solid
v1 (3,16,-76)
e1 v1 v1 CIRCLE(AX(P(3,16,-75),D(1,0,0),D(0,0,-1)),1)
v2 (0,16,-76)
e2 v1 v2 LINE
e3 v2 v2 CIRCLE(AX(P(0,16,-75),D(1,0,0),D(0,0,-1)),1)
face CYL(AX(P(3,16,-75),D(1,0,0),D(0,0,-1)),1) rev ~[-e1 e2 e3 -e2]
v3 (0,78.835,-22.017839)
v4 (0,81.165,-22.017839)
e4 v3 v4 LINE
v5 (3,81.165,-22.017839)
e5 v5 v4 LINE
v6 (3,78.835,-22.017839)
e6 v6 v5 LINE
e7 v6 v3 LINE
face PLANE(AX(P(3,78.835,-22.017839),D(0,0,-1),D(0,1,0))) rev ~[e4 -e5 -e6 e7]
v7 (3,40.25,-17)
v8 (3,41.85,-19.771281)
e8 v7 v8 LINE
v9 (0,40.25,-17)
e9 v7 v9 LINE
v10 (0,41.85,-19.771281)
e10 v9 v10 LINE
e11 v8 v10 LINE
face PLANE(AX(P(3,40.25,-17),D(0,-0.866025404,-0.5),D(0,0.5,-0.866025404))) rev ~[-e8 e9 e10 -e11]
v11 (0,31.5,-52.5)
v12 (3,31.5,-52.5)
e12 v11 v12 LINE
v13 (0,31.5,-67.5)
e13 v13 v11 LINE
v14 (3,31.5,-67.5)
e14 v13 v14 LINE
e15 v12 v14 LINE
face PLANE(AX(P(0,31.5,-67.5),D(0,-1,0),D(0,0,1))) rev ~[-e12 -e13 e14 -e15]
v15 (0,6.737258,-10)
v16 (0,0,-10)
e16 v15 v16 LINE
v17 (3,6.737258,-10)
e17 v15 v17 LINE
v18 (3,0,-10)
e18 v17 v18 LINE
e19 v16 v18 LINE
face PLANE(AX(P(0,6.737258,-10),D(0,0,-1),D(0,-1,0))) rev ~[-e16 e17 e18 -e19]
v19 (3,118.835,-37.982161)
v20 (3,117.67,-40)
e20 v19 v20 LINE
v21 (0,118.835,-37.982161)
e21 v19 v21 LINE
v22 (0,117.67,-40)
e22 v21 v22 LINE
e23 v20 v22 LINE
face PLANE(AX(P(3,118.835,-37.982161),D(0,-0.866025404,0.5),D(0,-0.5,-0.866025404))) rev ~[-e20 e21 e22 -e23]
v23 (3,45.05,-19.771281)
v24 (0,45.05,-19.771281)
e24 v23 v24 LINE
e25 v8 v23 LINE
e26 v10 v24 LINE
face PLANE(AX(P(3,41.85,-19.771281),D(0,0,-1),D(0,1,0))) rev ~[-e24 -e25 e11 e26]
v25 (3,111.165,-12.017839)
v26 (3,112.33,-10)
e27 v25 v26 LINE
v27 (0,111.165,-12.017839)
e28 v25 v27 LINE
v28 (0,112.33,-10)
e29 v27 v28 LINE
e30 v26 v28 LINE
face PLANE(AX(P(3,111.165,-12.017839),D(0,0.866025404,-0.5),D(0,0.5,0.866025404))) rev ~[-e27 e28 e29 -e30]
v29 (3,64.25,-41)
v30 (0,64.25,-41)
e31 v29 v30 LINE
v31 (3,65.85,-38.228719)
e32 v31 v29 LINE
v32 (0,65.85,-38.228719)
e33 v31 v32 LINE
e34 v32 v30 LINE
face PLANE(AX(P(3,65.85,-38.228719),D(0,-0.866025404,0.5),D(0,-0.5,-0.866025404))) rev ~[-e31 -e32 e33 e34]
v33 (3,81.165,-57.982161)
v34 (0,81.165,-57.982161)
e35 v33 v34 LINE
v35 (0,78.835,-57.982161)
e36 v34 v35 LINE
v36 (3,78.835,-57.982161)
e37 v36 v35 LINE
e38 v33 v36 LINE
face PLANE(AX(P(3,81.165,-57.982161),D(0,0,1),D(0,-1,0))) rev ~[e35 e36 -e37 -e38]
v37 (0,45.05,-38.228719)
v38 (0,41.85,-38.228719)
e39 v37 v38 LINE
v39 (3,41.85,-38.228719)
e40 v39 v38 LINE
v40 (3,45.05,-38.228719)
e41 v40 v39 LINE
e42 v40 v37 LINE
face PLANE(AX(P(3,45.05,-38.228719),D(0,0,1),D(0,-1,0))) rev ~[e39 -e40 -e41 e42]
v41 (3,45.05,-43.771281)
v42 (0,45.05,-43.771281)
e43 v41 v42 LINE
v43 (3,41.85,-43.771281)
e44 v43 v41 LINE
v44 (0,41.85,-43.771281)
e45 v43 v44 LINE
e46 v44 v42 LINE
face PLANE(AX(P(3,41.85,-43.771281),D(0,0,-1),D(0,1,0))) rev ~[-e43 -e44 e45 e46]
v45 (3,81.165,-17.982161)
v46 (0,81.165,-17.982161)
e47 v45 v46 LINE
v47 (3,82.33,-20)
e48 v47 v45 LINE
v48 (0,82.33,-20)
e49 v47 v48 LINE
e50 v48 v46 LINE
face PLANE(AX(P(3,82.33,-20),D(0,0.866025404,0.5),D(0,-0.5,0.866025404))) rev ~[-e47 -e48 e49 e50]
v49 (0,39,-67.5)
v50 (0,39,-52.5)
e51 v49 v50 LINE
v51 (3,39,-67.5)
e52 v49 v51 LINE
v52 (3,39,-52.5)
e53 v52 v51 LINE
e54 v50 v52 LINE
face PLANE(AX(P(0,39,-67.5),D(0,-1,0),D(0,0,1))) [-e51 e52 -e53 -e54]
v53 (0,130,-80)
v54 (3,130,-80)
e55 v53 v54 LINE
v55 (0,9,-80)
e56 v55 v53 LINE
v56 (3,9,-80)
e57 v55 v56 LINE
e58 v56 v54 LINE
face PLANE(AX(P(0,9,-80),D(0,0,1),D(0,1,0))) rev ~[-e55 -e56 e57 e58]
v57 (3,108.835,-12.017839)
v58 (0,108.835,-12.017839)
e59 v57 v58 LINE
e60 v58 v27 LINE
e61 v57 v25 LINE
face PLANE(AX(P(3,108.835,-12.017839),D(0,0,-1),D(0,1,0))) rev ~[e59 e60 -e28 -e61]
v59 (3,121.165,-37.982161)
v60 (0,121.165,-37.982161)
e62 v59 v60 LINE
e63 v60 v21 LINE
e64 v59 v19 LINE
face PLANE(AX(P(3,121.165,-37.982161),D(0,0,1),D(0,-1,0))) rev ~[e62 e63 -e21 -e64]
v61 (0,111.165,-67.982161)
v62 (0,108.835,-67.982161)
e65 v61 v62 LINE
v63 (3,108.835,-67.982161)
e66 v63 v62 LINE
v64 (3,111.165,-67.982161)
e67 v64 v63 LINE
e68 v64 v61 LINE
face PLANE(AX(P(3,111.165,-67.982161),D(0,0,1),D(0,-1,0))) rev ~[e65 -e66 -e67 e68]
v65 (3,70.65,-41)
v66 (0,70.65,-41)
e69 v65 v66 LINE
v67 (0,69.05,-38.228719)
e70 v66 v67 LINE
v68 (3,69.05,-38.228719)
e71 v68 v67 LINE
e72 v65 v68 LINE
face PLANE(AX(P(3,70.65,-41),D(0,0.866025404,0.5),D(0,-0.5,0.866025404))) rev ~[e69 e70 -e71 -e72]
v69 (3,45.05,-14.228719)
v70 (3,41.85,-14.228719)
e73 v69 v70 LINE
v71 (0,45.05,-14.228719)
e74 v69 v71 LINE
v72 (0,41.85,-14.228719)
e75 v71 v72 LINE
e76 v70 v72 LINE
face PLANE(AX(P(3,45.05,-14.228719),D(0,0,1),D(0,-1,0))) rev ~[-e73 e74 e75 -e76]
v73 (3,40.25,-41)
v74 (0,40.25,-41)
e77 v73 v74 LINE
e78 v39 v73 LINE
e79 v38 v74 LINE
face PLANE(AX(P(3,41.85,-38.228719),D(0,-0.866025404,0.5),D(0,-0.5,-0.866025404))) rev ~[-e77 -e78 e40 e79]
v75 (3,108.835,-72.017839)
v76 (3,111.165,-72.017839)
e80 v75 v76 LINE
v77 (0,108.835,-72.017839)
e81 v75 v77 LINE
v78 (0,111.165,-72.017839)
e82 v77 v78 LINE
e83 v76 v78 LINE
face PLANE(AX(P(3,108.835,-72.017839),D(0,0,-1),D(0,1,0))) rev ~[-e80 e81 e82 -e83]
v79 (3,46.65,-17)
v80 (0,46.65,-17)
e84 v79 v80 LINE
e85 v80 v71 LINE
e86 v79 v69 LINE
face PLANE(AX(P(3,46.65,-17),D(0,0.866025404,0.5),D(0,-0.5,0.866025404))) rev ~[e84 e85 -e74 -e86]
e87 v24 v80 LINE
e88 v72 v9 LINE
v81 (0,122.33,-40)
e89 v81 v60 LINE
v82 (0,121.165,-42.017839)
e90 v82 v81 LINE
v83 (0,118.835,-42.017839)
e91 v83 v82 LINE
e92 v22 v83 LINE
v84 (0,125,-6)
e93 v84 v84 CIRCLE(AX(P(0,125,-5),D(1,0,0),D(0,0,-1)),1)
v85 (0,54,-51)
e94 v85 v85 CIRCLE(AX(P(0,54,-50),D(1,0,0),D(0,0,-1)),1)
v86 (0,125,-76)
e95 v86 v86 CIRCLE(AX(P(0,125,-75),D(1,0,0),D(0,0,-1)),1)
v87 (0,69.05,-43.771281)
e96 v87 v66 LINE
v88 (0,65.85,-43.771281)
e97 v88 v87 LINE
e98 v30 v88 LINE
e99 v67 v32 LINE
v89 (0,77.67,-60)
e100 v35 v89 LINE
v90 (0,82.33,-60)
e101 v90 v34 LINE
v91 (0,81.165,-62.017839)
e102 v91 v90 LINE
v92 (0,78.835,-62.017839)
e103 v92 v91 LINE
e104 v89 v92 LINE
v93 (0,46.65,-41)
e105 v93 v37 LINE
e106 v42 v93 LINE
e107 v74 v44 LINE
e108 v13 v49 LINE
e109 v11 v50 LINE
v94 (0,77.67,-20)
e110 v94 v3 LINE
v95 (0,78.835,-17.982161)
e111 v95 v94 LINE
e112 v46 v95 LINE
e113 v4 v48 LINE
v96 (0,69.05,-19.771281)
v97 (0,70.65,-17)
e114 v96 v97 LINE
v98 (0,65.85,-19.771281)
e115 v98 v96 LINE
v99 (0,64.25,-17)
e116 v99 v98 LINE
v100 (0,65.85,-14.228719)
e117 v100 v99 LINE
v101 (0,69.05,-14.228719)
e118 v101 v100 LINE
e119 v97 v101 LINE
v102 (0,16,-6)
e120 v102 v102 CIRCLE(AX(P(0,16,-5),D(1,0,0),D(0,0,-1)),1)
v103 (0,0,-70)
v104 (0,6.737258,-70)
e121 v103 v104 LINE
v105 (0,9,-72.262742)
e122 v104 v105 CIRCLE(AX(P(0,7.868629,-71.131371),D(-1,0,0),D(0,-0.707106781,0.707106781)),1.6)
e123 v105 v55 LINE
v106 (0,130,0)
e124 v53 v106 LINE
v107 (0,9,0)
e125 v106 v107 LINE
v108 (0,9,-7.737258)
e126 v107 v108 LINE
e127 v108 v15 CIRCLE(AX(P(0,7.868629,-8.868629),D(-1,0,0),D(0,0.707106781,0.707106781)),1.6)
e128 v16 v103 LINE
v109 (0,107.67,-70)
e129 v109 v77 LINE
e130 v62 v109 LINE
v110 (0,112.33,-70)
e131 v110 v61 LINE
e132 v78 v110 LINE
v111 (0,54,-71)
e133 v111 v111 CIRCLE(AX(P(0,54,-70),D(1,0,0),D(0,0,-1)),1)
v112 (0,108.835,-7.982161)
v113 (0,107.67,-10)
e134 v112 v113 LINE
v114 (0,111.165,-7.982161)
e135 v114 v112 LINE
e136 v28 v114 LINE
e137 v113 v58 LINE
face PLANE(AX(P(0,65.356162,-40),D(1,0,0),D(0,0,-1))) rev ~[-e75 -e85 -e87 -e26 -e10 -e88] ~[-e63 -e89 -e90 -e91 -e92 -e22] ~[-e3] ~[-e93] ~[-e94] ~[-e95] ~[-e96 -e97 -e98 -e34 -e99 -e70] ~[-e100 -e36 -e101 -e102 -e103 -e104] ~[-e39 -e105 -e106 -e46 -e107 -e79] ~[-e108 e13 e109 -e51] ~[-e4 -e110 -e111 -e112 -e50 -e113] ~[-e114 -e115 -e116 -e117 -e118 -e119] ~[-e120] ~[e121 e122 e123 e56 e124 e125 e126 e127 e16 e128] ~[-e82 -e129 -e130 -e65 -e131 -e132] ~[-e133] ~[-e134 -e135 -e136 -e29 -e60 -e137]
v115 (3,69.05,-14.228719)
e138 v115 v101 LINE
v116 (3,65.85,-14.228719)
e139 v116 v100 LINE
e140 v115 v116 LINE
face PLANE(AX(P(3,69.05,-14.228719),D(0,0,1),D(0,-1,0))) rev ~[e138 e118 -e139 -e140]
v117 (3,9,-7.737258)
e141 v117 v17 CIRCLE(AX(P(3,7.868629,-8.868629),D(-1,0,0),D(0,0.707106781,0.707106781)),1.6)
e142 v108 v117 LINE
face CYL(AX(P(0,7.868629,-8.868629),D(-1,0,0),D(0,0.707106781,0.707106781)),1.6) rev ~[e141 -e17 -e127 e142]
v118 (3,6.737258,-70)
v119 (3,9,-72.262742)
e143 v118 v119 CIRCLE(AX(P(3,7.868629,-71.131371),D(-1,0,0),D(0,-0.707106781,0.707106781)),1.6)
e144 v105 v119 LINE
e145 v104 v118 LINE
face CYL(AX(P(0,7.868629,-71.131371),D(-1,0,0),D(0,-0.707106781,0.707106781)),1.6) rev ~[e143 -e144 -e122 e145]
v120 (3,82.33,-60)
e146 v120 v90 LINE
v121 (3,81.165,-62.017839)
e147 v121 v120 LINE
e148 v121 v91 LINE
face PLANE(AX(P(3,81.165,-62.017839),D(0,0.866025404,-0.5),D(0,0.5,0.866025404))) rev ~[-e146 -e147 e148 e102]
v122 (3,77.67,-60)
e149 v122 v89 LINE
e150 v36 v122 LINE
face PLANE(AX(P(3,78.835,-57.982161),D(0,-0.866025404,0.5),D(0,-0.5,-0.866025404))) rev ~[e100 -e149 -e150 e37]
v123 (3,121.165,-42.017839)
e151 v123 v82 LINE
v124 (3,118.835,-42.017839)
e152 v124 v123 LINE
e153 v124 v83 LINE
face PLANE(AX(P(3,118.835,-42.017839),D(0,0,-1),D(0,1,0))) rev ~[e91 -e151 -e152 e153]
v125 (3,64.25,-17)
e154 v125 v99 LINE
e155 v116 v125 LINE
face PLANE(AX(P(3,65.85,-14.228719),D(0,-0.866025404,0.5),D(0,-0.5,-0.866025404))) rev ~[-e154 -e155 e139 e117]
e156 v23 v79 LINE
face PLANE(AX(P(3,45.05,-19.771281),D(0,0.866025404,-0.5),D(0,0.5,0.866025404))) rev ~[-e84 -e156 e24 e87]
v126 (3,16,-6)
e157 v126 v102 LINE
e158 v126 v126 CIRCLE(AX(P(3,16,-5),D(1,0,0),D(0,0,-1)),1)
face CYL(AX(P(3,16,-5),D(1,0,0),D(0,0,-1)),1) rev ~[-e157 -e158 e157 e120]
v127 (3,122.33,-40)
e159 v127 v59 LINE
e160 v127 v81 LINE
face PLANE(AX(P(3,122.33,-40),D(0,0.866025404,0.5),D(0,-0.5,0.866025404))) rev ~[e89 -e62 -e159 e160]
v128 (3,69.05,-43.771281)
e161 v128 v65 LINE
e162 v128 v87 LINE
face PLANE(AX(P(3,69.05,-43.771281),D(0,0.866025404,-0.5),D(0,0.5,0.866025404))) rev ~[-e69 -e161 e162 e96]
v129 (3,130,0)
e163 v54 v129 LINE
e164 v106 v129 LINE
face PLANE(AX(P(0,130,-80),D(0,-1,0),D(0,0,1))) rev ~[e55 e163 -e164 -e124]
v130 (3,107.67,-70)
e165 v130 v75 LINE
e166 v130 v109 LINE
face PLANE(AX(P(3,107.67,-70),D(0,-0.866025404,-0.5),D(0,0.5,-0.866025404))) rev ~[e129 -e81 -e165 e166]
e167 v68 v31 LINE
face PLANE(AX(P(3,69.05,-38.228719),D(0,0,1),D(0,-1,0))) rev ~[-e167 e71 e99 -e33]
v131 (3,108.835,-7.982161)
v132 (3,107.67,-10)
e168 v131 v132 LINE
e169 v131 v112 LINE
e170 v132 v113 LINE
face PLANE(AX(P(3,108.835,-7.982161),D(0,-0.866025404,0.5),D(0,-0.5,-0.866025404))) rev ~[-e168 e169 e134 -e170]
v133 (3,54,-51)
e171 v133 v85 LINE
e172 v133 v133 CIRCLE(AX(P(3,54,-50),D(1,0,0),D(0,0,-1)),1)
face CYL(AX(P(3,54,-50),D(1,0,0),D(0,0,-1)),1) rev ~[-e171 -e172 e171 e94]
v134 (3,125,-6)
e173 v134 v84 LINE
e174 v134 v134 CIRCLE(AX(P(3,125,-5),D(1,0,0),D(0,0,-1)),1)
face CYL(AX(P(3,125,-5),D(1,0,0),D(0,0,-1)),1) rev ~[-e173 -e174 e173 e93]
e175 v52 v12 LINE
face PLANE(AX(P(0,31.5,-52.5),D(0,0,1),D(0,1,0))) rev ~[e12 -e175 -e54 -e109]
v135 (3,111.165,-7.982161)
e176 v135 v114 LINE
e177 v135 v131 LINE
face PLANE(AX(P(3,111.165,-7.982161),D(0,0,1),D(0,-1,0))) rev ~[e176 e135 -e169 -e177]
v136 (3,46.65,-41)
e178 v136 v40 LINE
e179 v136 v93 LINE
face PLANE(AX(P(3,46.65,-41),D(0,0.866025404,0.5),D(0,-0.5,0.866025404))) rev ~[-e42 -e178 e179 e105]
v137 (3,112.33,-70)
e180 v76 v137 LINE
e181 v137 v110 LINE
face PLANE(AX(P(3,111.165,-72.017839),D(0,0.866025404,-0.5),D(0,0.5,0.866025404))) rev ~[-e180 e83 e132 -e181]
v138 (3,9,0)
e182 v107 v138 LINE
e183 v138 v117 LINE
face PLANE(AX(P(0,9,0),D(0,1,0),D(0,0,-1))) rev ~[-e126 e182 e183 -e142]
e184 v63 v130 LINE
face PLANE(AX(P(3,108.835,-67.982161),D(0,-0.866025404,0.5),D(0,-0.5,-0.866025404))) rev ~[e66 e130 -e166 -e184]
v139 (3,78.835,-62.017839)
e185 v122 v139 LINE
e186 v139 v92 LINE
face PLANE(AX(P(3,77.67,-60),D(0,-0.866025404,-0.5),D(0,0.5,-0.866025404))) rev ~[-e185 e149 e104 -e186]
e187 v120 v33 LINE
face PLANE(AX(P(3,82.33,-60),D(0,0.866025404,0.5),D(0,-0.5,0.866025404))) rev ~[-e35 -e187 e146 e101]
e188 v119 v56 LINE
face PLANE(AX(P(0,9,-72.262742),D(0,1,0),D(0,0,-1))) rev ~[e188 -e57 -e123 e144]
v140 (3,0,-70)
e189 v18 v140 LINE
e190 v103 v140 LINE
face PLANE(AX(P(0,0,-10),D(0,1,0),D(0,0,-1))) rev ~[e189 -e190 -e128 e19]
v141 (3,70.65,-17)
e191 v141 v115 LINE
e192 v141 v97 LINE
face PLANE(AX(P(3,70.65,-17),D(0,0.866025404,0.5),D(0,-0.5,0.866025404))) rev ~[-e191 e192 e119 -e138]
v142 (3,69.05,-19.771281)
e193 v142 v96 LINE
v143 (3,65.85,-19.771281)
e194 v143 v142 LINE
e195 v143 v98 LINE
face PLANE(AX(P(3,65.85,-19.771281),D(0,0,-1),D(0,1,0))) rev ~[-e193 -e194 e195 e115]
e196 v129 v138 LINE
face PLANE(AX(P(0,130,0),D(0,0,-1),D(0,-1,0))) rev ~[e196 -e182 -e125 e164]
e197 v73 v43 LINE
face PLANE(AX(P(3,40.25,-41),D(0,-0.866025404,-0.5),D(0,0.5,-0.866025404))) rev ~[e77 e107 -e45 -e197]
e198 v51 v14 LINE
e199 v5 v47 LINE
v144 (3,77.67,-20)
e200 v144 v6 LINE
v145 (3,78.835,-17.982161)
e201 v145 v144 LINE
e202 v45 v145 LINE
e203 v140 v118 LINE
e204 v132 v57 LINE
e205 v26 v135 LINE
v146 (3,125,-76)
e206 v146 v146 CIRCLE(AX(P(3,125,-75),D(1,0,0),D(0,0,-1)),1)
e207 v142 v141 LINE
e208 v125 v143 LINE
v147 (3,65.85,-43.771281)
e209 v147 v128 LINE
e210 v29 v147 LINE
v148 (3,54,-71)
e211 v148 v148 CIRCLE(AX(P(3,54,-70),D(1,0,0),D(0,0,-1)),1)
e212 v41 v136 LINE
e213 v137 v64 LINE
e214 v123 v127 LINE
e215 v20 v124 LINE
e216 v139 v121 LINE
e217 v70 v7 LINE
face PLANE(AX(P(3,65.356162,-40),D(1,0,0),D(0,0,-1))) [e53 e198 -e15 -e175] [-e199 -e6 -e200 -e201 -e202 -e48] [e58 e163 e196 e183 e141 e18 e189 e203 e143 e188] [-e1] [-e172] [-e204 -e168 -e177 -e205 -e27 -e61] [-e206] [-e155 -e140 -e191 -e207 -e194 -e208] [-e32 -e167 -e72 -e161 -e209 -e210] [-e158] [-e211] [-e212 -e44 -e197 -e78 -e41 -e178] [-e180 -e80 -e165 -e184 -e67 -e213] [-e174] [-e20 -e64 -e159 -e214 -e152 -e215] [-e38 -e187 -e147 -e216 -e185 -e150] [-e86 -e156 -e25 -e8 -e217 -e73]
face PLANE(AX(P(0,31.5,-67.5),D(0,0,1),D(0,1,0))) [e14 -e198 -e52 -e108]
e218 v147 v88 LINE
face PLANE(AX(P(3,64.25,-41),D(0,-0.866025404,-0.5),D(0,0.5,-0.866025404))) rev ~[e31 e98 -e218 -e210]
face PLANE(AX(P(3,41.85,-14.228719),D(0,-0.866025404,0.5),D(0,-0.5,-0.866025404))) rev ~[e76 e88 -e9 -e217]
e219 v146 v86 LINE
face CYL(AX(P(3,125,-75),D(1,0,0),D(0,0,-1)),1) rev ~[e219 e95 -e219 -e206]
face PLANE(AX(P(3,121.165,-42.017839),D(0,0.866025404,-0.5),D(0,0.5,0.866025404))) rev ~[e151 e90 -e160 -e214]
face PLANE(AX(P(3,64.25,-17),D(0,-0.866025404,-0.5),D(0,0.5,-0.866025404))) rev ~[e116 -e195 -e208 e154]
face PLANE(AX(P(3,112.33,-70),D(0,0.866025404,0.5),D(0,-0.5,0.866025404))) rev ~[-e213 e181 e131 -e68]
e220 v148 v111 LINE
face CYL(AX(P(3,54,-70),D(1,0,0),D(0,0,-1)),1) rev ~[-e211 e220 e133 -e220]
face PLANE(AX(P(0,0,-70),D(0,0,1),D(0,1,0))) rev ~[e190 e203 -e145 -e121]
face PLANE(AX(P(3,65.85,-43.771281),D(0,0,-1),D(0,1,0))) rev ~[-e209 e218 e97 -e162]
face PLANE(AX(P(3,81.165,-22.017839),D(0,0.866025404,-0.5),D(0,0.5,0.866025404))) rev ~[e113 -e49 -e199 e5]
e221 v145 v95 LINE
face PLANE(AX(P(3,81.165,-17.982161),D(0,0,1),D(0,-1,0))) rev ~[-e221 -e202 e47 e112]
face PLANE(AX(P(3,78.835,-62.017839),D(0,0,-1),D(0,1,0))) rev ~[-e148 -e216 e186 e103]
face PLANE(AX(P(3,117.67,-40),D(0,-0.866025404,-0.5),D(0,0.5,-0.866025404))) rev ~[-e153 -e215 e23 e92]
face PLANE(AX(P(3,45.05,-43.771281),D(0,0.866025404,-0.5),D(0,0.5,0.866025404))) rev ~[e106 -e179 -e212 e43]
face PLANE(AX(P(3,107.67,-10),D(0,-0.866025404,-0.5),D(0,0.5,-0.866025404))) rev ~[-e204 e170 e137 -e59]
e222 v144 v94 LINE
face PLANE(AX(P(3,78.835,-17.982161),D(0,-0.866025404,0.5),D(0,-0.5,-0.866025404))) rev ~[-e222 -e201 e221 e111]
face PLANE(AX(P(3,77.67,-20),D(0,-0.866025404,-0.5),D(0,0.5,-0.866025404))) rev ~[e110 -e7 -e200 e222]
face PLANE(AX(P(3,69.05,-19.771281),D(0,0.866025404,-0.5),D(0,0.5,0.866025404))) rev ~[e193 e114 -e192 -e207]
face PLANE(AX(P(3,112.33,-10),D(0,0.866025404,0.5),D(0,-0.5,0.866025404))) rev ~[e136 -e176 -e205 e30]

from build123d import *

# Parameters (mm, degrees)
EXTRUSION1_DEPTH        = 3
ESQUISSE2_R             = 1
ESQUISSE2_R_2           = 1.5
ENL_V_MAT_EXTRU_1_DEPTH = 4
ESQUISSE3_W             = 15
ESQUISSE3_H             = 7.5
ENL_V_MAT_EXTRU_2_DEPTH = 4
ESQUISSE4_R             = 1
ENL_V_MAT_EXTRU_3_DEPTH = 4
ENL_V_MAT_EXTRU_4_DEPTH = 4


with BuildPart() as part:
    # Esquisse1 → Extrusion1 (new body)
    with BuildSketch(Plane(origin=(0, 0, 0), x_dir=(0, 0, -1), z_dir=(1, 0, 0))):
        with BuildLine():
            Line((10, 6.7372583), (10, 0))
            Line((10, 0), (70, 0))
            Line((70, 0), (70, 6.7372583))
            ThreePointArc((70, 6.7372583), (70, 9), (72.2627417, 9))
            Line((72.2627417, 9), (80, 9))
            Line((80, 9), (80, 130))
            Line((80, 130), (0, 130))
            Line((0, 130), (0, 9))
            Line((0, 9), (7.7372583, 9))
            ThreePointArc((7.7372583, 9), (10, 9), (10, 6.7372583))
        make_face()
    extrude(amount=EXTRUSION1_DEPTH)

    # Esquisse2 → Enlèv. mat.-Extru.1 (cut, through all)
    with BuildSketch(Plane(origin=(3, 0, 0), x_dir=(0, 0, -1), z_dir=(1, 0, 0))):
        with Locations((60, 80)):
            Circle(ESQUISSE2_R)
        with Locations((10, 110)):
            Circle(ESQUISSE2_R)
        with Locations(Location((20, 80, 0), (0, 0, 180))):  # turned: the seam where the file's is
            Circle(ESQUISSE2_R)
        with Locations((70, 110)):
            Circle(ESQUISSE2_R)
        with Locations((17, 67.45)):
            Circle(ESQUISSE2_R_2)
        with Locations((17, 43.45)):
            Circle(ESQUISSE2_R_2)
        with Locations((41, 43.45)):
            Circle(ESQUISSE2_R_2)
        with Locations((41, 67.45)):
            Circle(ESQUISSE2_R_2)
        with Locations((40, 120)):
            Circle(ESQUISSE2_R)
        with Locations((70, 54)):
            Circle(ESQUISSE2_R)
        with Locations((50, 54)):
            Circle(ESQUISSE2_R)
    extrude(amount=-ENL_V_MAT_EXTRU_1_DEPTH, mode=Mode.SUBTRACT)

    # Esquisse3 → Enlèv. mat.-Extru.2 (cut, through all)
    with BuildSketch(Plane.ZY):
        with Locations((-60, 35.25)):
            Rectangle(ESQUISSE3_W, ESQUISSE3_H)
    extrude(amount=-ENL_V_MAT_EXTRU_2_DEPTH, mode=Mode.SUBTRACT)

    # Esquisse4 → Enlèv. mat.-Extru.3 (cut, through all)
    with BuildSketch(Plane(origin=(3, 0, 0), x_dir=(0, 0, -1), z_dir=(1, 0, 0))):
        with Locations((5, 125)):
            Circle(ESQUISSE4_R)
        with Locations((75, 125)):
            Circle(ESQUISSE4_R)
        with Locations((75, 16)):
            Circle(ESQUISSE4_R)
        with Locations((5, 16)):
            Circle(ESQUISSE4_R)
    extrude(amount=-ENL_V_MAT_EXTRU_3_DEPTH, mode=Mode.SUBTRACT)

    # Esquisse5 → Enlèv. mat.-Extru.4 (cut, through all)
    with BuildSketch(Plane(origin=(3, 0, 0), x_dir=(0, 0, -1), z_dir=(1, 0, 0))):
        Polygon((12.017839191, 111.165), (10, 112.33), (7.982160809, 111.165), (7.982160809, 108.835), (10, 107.67), (12.017839191, 108.835), align=None)
        Polygon((42.017839191, 118.835), (42.017839191, 121.165), (40, 122.33), (37.982160809, 121.165), (37.982160809, 118.835), (40, 117.67), align=None)
        Polygon((70, 107.67), (72.017839191, 108.835), (72.017839191, 111.165), (70, 112.33), (67.982160809, 111.165), (67.982160809, 108.835), align=None)
        Polygon((62.017839191, 78.835), (62.017839191, 81.165), (60, 82.33), (57.982160809, 81.165), (57.982160809, 78.835), (60, 77.67), align=None)
        Polygon((22.017839191, 78.835), (22.017839191, 81.165), (20, 82.33), (17.982160809, 81.165), (17.982160809, 78.835), (20, 77.67), align=None)
        Polygon((43.771281292, 65.85), (43.771281292, 69.05), (41, 70.65), (38.228718708, 69.05), (38.228718708, 65.85), (41, 64.25), align=None)
        Polygon((43.771281292, 41.85), (43.771281292, 45.05), (41, 46.65), (38.228718708, 45.05), (38.228718708, 41.85), (41, 40.25), align=None)
        Polygon((19.771281292, 41.85), (19.771281292, 45.05), (17, 46.65), (14.228718708, 45.05), (14.228718708, 41.85), (17, 40.25), align=None)
        Polygon((19.771281292, 65.85), (19.771281292, 69.05), (17, 70.65), (14.228718708, 69.05), (14.228718708, 65.85), (17, 64.25), align=None)
    extrude(amount=-ENL_V_MAT_EXTRU_4_DEPTH, mode=Mode.SUBTRACT)


solid = part.part
